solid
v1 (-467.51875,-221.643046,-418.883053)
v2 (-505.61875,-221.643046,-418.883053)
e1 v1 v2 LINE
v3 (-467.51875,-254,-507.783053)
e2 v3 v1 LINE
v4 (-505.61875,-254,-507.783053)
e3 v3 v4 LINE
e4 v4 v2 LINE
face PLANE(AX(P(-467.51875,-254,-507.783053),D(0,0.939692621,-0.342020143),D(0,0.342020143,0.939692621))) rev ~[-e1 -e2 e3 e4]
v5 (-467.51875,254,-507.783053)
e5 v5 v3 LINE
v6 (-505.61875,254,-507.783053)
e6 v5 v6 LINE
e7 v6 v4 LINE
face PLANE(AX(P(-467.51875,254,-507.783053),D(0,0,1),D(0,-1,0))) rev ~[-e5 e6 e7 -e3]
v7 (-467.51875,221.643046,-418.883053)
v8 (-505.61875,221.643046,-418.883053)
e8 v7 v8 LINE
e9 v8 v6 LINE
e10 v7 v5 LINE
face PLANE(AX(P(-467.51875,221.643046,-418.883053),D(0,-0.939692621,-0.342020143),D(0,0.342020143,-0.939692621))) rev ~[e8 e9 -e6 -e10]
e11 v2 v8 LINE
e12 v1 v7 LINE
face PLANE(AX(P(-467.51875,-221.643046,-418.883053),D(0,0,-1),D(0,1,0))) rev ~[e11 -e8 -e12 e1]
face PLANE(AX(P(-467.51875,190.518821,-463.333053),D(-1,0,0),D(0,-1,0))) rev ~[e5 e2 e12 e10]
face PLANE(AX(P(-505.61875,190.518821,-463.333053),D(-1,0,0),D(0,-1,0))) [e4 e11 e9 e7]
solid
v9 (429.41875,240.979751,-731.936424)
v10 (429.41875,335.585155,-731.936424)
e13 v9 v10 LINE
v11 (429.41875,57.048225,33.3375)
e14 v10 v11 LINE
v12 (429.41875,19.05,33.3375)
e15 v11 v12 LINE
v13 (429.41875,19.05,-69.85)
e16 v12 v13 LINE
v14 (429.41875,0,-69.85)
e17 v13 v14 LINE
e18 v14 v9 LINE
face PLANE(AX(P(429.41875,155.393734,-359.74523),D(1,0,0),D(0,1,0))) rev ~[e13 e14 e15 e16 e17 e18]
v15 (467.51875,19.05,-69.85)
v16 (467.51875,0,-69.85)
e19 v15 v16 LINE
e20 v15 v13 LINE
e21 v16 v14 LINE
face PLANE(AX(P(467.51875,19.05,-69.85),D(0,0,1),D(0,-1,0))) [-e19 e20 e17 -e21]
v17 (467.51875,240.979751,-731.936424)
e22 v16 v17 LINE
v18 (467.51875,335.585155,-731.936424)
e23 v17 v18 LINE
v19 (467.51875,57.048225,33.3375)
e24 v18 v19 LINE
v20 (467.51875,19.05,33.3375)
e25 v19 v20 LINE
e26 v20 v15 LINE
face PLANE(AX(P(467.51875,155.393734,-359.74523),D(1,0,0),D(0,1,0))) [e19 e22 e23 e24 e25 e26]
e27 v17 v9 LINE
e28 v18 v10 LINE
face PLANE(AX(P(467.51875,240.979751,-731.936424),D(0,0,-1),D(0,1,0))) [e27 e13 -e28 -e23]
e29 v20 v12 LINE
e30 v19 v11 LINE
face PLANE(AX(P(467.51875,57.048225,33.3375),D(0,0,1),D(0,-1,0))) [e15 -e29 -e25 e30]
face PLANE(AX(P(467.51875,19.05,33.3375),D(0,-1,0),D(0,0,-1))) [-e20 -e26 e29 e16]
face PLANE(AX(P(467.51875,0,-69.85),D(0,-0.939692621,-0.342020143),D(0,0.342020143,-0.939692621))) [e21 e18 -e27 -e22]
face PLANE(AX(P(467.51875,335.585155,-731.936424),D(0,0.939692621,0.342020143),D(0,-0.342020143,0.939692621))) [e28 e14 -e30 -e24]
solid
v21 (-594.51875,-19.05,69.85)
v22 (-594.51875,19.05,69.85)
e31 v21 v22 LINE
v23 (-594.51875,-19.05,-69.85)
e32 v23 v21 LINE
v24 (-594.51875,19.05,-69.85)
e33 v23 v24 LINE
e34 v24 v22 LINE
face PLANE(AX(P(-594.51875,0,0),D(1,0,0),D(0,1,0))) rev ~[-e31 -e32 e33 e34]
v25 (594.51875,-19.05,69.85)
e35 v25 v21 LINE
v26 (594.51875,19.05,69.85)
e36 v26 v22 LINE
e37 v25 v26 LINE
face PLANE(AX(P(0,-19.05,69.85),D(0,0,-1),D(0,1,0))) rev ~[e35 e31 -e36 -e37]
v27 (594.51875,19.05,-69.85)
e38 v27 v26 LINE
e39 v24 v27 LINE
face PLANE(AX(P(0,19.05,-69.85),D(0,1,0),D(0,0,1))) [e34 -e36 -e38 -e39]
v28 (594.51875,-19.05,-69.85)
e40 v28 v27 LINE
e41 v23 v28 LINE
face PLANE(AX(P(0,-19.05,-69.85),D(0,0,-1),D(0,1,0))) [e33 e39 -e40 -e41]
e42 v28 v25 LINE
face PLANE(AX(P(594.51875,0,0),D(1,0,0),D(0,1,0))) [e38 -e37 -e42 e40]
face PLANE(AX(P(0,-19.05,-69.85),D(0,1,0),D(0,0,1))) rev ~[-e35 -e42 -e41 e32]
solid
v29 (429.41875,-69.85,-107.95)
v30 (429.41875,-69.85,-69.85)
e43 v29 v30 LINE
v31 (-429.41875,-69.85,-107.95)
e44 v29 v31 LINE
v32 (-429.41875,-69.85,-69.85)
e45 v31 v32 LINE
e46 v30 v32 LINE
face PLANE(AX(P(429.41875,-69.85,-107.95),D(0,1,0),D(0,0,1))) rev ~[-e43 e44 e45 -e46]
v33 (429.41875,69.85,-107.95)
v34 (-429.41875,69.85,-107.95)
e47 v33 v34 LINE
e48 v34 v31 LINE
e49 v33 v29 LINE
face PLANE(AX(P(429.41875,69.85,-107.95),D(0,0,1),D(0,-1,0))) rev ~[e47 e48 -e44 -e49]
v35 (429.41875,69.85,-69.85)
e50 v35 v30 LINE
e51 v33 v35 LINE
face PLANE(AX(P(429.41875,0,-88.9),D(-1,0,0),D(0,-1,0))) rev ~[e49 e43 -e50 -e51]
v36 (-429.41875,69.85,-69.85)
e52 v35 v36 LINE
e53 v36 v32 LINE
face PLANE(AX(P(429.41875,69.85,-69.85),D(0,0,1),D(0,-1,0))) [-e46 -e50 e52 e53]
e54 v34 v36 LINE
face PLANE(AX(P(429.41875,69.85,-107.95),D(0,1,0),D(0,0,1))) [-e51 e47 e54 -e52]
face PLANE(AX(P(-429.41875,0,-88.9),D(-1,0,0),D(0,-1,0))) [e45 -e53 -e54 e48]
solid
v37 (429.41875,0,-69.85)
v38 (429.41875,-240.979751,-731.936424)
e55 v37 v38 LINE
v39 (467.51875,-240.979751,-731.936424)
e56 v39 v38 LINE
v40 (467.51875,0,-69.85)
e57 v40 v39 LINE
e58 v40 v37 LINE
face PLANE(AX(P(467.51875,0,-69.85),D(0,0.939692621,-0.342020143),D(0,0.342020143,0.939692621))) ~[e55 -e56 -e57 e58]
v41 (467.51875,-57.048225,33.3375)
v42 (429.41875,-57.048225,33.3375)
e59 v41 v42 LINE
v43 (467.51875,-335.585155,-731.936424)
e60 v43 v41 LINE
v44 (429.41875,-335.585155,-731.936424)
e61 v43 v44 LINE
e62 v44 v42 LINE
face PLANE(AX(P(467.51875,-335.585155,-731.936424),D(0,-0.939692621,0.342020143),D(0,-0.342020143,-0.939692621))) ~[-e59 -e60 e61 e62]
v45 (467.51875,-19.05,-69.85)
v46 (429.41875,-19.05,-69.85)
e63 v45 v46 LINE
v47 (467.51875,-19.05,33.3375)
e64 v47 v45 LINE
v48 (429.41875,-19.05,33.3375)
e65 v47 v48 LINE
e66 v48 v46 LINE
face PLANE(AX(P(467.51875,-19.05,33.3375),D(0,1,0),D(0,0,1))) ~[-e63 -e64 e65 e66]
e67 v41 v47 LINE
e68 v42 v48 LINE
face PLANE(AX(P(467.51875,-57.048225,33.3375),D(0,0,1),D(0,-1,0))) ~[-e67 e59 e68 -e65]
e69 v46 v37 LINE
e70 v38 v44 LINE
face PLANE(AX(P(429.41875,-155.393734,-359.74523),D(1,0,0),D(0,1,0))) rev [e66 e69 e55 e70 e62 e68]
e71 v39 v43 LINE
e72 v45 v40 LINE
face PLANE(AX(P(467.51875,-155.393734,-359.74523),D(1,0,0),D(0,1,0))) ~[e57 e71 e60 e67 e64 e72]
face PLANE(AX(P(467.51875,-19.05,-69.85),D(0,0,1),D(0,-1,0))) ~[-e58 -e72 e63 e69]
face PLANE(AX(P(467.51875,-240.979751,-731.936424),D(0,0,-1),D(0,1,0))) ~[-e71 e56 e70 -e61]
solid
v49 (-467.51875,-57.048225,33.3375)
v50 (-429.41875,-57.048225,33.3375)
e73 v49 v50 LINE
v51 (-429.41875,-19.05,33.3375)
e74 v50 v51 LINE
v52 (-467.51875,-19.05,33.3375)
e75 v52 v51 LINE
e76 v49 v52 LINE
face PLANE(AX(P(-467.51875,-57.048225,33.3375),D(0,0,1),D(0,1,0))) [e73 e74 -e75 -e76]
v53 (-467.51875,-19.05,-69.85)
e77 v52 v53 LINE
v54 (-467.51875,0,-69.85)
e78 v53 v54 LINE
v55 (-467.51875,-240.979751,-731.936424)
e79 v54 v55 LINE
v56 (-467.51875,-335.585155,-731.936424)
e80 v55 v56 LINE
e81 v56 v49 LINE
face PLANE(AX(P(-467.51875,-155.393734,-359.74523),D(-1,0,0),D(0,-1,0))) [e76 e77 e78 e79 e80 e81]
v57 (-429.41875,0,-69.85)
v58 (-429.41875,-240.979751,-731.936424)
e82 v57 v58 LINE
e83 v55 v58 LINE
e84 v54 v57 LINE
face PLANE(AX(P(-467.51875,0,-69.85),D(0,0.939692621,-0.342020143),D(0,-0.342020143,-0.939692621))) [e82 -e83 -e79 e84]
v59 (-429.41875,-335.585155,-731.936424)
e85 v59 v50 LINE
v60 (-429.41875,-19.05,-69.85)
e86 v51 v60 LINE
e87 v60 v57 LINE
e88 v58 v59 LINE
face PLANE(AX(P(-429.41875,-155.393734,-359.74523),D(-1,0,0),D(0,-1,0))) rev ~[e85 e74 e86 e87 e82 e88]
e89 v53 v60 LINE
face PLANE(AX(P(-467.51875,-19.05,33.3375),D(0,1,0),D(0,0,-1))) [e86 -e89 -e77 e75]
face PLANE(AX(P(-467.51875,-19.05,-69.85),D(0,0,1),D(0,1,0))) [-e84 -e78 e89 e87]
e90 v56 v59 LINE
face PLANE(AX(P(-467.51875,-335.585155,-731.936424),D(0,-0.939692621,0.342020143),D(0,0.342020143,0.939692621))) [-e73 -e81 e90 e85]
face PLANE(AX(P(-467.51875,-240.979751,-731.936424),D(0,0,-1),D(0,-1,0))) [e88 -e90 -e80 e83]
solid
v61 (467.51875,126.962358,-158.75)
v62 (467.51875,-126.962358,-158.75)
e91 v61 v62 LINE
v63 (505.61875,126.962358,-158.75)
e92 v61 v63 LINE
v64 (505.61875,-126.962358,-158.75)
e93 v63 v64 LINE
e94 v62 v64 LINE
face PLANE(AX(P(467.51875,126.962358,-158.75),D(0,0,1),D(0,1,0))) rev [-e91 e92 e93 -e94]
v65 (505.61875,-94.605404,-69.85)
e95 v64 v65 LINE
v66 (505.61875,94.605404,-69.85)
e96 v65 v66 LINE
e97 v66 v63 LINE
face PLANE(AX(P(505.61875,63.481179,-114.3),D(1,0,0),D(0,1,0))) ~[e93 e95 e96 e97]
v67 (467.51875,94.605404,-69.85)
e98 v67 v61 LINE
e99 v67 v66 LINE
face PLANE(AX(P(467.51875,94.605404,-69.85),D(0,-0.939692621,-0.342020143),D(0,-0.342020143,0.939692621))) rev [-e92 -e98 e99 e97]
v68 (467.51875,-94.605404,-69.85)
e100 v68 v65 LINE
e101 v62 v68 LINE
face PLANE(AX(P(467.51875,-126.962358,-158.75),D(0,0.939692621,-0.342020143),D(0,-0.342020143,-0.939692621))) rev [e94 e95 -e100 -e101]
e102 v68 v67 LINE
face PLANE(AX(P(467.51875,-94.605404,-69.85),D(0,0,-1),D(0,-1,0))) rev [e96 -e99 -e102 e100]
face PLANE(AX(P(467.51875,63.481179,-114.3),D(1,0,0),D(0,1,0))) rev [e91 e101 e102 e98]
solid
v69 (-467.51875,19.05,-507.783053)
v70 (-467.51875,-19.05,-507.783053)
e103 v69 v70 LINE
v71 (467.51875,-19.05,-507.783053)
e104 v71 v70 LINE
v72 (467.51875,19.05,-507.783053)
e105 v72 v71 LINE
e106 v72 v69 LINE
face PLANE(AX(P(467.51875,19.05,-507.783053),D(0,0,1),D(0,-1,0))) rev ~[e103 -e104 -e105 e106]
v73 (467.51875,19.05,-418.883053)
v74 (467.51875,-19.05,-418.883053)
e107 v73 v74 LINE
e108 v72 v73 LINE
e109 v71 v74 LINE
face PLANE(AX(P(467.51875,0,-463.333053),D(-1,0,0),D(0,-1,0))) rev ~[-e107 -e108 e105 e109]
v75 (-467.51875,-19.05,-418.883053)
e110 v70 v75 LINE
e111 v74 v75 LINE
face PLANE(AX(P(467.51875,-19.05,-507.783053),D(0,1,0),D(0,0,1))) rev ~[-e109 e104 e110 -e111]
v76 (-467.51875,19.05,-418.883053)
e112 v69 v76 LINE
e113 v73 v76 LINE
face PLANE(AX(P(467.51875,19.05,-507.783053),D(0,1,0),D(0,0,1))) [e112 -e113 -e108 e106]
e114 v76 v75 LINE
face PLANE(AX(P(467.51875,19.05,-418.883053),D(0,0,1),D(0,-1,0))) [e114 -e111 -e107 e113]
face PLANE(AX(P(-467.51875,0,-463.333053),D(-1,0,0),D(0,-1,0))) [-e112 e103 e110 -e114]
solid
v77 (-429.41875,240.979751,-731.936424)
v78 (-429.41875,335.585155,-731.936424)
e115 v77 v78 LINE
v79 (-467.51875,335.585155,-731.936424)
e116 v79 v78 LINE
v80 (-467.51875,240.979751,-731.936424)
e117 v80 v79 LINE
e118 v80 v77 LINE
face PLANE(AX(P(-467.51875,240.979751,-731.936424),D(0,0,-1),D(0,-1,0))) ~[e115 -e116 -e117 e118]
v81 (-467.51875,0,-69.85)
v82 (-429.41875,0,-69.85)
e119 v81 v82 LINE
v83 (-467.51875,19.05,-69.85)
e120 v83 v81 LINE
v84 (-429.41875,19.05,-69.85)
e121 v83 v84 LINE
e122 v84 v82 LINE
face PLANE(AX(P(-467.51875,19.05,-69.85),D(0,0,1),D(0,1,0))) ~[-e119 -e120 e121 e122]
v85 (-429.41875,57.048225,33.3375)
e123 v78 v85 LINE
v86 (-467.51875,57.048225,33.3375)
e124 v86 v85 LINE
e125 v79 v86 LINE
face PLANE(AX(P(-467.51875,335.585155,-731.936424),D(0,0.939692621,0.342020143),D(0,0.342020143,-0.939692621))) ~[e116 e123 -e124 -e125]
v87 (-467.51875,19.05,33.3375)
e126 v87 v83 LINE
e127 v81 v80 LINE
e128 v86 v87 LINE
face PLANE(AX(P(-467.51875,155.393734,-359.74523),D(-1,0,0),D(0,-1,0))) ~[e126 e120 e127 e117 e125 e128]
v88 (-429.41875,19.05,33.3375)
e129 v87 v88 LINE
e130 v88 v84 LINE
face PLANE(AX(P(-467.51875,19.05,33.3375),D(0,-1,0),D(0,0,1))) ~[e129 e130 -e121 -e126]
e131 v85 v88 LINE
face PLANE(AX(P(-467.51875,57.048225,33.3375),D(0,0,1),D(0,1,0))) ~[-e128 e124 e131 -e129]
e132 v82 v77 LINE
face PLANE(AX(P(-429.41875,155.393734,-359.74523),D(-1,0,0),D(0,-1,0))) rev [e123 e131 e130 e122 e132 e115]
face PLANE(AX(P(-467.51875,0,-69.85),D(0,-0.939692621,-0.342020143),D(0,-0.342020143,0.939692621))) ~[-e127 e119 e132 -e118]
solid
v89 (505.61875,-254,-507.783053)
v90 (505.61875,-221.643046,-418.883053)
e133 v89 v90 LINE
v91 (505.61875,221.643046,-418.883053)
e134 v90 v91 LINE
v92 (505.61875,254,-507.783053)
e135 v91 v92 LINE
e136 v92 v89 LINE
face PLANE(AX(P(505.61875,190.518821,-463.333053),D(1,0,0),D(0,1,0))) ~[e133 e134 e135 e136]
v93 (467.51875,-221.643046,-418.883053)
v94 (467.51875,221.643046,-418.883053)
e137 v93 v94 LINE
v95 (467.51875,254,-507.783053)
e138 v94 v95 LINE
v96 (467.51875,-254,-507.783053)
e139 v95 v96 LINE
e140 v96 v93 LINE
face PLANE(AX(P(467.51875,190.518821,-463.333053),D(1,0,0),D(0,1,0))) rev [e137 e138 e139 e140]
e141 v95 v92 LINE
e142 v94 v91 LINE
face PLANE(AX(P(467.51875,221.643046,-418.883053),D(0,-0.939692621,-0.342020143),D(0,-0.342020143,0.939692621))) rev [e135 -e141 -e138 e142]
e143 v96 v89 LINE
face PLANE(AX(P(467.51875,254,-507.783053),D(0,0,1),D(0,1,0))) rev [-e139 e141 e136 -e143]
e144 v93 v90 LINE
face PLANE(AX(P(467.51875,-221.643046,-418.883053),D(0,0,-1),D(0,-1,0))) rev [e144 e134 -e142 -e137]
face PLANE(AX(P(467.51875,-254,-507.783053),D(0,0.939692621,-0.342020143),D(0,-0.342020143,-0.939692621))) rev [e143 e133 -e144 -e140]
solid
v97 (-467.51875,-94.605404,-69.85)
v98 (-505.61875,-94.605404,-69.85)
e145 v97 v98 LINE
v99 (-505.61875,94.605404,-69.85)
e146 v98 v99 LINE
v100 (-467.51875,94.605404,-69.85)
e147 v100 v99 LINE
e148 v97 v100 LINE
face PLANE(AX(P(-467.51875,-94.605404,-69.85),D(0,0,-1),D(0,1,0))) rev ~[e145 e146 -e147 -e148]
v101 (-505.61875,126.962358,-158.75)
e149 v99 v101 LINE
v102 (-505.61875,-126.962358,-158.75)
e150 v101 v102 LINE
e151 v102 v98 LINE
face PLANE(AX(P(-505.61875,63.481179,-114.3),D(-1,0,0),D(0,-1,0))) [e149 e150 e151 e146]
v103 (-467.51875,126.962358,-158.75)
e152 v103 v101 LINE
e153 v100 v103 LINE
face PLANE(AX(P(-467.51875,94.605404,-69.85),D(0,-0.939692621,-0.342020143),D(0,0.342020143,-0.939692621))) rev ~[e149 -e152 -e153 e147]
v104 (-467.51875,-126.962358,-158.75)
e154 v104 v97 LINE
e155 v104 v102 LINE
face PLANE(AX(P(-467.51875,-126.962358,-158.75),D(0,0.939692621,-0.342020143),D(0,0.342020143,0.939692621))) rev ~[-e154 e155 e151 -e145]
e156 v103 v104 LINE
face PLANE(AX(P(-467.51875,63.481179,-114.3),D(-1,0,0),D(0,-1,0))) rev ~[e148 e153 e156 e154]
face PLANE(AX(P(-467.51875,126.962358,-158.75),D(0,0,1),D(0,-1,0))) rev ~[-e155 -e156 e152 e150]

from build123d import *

# Parameters (mm, degrees)
F0_W      = 38.1
F0_H      = 139.7
F1_DEPTH  = 594.51875
F4_DEPTH  = 38.1
F8_DEPTH  = 38.1
F9_DEPTH  = 38.1
F11_W     = 139.7
F11_H     = 38.1
F12_DEPTH = 858.8375
F13_W     = 38.1
F13_H     = 88.9
F14_DEPTH = 935.0375


with BuildPart() as f1:
    # F0 (on Right) → F1 (new body, symmetric)
    with BuildSketch(Plane.YZ):
        Rectangle(F0_W, F0_H)
    extrude(amount=F1_DEPTH, both=True)


with BuildPart() as f4:
    # F3 (on offset) → F4 (new body)
    with BuildSketch(Plane(origin=(-467.51875, 0, 0), x_dir=(0, -1, 0), z_dir=(-1, 0, 0))):
        Polygon((19.05, -69.85), (0, -69.85), (240.9797509243, -731.9364242103), (335.5851548974, -731.9364242103), (57.0482254248, 33.3375), (19.05, 33.3375), align=None)
    extrude(amount=-F4_DEPTH)


with BuildPart() as f5_1:
    # F5: instance of F4
    add(f4.part.mirror(Plane.YZ))


with BuildPart() as f6_1:
    # F6: instance of F4
    add(f4.part.mirror(Plane.XZ))


with BuildPart() as f6_2:
    # F6: instance of F5_1
    add(f5_1.part.mirror(Plane.XZ))


with BuildPart() as f8:
    # F7 (on face) → F8 (new body)
    with BuildSketch(Plane(origin=(-467.51875, 0, 0), x_dir=(0, -1, 0), z_dir=(-1, 0, 0))):
        Polygon((-19.05, -69.85), (-94.6054039731, -69.85), (-126.9623577994, -158.75), (-32.3569538263, -158.75), (0, -69.85), align=None)
        Polygon((0, -69.85), (-32.3569538263, -158.75), (126.9623577994, -158.75), (94.6054039731, -69.85), align=None)
    extrude(amount=F8_DEPTH)


with BuildPart() as f9:
    # F7 (on face) → F9 (new body)
    with BuildSketch(Plane(origin=(-467.51875, 0, 0), x_dir=(0, -1, 0), z_dir=(-1, 0, 0))):
        Polygon((-127.0376422006, -418.883053367), (-221.6430461737, -418.883053367), (-254, -507.783053367), (-159.3945960269, -507.783053367), align=None)
        Polygon((221.6430461737, -418.883053367), (-127.0376422006, -418.883053367), (-159.3945960269, -507.783053367), (254, -507.783053367), align=None)
    extrude(amount=F9_DEPTH)


with BuildPart() as f10_1:
    # F10: instance of F8
    add(f8.part.mirror(Plane.YZ))


with BuildPart() as f10_2:
    # F10: instance of F9
    add(f9.part.mirror(Plane.YZ))


with BuildPart() as f12:
    # F11 (on face) → F12 (new body, through all)
    with BuildSketch(Plane(origin=(429.41875, 0, 0), x_dir=(0, -1, 0), z_dir=(-1, 0, 0))):
        with Locations((0, -88.9)):
            Rectangle(F11_W, F11_H)
    extrude(amount=F12_DEPTH)


with BuildPart() as f14:
    # F13 (on face) → F14 (new body, through all)
    with BuildSketch(Plane(origin=(467.51875, 0, 0), x_dir=(0, -1, 0), z_dir=(-1, 0, 0))):
        with Locations((0, -463.333053367)):
            Rectangle(F13_W, F13_H)
    extrude(amount=F14_DEPTH)


solid = Compound([f1.part, f4.part, f5_1.part, f6_1.part, f6_2.part, f8.part, f9.part, f10_1.part, f10_2.part, f12.part, f14.part])
